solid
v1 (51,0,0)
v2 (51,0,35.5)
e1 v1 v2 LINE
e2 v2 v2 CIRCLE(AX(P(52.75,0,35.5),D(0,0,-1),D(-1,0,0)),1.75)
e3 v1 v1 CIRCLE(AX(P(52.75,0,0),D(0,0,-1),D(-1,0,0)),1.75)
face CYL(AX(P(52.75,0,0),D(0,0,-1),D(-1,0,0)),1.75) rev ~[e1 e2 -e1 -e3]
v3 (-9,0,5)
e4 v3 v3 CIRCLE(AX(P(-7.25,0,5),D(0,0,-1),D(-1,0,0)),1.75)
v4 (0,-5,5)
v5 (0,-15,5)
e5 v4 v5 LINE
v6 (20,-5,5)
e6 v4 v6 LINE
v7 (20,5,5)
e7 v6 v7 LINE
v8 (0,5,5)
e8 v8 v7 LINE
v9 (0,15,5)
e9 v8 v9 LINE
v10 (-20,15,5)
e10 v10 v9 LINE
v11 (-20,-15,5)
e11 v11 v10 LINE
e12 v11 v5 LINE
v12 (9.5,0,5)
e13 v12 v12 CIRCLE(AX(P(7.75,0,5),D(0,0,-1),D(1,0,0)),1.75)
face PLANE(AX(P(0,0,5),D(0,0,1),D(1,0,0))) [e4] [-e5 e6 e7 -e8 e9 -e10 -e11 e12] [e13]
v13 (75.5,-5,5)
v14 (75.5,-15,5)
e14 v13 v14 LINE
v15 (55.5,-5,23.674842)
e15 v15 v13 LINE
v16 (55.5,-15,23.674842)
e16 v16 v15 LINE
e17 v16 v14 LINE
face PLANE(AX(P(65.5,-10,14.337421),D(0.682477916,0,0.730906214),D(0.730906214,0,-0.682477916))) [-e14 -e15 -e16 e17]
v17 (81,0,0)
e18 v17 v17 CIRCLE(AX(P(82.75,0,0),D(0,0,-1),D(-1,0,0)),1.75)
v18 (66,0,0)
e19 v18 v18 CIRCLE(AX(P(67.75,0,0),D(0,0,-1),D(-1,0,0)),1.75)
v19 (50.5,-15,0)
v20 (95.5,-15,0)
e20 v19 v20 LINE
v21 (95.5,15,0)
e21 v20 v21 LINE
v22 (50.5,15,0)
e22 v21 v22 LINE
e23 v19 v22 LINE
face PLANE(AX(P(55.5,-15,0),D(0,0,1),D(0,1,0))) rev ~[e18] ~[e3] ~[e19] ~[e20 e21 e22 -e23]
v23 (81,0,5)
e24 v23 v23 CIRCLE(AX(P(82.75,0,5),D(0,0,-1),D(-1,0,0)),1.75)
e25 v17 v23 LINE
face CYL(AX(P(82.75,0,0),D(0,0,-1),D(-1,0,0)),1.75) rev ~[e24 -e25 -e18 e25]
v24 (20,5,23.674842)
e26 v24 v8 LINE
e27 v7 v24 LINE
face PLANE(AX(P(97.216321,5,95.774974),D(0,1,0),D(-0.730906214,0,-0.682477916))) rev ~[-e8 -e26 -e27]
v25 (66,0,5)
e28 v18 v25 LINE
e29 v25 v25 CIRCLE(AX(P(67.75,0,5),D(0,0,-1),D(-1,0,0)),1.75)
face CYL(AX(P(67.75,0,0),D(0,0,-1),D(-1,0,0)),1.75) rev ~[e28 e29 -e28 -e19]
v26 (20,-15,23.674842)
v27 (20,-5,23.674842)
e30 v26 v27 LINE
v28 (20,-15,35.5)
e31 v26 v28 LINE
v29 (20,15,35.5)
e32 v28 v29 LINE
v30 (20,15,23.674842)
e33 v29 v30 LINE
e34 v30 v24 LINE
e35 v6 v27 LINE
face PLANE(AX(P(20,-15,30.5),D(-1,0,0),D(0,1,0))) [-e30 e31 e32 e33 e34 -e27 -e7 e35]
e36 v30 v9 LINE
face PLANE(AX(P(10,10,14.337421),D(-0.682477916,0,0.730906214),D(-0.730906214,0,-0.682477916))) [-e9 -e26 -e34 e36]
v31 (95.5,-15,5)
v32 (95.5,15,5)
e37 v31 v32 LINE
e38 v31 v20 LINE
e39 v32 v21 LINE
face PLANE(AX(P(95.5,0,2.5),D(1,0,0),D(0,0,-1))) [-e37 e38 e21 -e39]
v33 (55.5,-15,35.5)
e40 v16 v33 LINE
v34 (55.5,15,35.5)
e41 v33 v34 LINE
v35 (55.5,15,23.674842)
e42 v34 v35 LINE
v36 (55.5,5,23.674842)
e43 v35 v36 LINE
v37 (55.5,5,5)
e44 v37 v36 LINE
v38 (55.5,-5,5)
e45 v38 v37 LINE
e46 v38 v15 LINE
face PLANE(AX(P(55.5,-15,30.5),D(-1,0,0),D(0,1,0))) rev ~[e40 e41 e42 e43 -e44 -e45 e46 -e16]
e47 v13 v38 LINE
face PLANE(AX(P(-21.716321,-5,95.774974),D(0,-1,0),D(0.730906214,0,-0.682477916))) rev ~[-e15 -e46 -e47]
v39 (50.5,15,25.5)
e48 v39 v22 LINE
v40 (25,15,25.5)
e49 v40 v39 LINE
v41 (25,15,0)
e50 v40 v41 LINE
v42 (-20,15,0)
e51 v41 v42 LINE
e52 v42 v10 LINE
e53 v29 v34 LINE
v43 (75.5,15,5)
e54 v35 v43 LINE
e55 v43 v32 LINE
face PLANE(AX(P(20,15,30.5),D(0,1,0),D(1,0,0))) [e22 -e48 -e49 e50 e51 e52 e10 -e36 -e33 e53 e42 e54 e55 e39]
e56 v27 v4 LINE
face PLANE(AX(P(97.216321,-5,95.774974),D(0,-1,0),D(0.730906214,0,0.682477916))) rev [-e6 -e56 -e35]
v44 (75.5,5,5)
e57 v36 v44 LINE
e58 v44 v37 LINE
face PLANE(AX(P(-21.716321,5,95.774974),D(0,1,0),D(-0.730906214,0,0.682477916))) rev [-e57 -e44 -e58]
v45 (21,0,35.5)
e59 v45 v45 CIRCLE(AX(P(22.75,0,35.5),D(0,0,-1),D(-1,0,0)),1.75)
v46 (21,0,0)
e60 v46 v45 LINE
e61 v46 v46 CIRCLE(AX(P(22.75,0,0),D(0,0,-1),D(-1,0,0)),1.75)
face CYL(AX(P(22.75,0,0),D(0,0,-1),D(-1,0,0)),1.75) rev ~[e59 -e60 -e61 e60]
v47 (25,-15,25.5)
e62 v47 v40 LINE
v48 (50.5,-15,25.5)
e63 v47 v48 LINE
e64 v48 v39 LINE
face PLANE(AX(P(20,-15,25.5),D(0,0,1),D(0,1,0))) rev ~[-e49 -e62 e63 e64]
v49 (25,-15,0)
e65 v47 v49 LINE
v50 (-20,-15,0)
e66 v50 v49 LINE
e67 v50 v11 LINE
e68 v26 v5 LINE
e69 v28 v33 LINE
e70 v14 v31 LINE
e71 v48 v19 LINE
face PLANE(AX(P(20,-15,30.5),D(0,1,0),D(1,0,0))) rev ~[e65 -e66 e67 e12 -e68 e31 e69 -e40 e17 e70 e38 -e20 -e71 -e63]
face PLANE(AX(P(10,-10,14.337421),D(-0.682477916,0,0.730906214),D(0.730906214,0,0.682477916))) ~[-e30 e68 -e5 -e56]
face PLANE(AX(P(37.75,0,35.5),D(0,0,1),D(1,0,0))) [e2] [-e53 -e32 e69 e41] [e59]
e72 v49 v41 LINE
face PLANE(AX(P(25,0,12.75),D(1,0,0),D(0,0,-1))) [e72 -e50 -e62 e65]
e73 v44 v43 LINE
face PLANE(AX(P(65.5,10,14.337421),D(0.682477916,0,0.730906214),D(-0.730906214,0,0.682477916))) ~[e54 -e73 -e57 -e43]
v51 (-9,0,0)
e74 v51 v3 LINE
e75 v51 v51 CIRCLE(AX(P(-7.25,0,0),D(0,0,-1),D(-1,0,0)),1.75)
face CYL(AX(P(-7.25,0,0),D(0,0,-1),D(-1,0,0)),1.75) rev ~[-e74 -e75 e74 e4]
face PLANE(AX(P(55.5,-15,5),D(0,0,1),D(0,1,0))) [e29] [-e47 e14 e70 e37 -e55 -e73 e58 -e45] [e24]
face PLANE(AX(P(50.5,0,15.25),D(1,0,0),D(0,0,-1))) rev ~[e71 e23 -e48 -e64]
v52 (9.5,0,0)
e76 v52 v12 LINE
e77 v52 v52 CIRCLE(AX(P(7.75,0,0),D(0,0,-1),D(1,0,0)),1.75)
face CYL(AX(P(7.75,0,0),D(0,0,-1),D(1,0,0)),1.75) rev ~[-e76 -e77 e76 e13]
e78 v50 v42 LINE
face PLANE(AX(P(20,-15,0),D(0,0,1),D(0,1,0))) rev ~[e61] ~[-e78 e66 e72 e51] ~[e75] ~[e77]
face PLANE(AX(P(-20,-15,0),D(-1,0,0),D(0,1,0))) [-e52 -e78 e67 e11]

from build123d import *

# Parameters (mm, degrees)
SKETCH_1_W               = 40
SKETCH_1_H               = 30
EXTRUDE_1_DEPTH          = 5
SKETCH_2_W               = 25.5
SKETCH_2_H               = 30
EXTRUDE_2_DEPTH          = 5
SKETCH_3_W               = 5
SKETCH_3_H               = 30
EXTRUDE_3_DEPTH          = 30.5
SKETCH_5_W               = 30.5
SKETCH_5_H               = 30
EXTRUDE_4_DEPTH          = 5
SKETCH_6_W               = 5
SKETCH_6_H               = 30
EXTRUDE_5_DEPTH          = 40
RIB_1_REACH              = 106.645
SKETCH_9_WALL_W          = 238.652565268
SKETCH_9_WALL_H          = 10
MIRROR_2_COPY_1_REACH    = 106.645
MIRROR_2_COPY_1_SKETCH_W = 238.652565268
MIRROR_2_COPY_1_SKETCH_H = 10
SKETCH_10_R              = 1.75
CUT_EXTRUDE_1_DEPTH      = 82
SKETCH_11_R              = 1.75
CUT_EXTRUDE_2_DEPTH      = 40
SKETCH_12_W              = 35.5
SKETCH_12_H              = 30
EXTRUDE_6_DEPTH          = 5
SKETCH_13_R              = 1.75
CUT_EXTRUDE_3_DEPTH      = 66


with BuildPart() as part:
    # 草图1 → 凸台-拉伸1 (new body)
    with BuildSketch(Plane.XY):
        Rectangle(SKETCH_1_W, SKETCH_1_H)
    extrude(amount=EXTRUDE_1_DEPTH)

    # 草图2 → 凸台-拉伸2 (add)
    with BuildSketch(Plane(origin=(20, 0, 0), x_dir=(0, 0, -1), z_dir=(1, 0, 0))):
        with Locations((-12.75, 0)):
            Rectangle(SKETCH_2_W, SKETCH_2_H)
    extrude(amount=EXTRUDE_2_DEPTH)

    # 草图3 → 凸台-拉伸3 (add)
    with BuildSketch(Plane.ZY.offset(-20)):
        with Locations((28, 0)):
            Rectangle(SKETCH_3_W, SKETCH_3_H)
    extrude(amount=-EXTRUDE_3_DEPTH)

    # 草图5 → 凸台-拉伸4 (add)
    with BuildSketch(Plane(origin=(50.5, 0, 0), x_dir=(0, 0, -1), z_dir=(1, 0, 0))):
        with Locations((-15.25, 0)):
            Rectangle(SKETCH_5_W, SKETCH_5_H)
    extrude(amount=EXTRUDE_4_DEPTH)

    # 草图6 → 凸台-拉伸5 (add)
    with BuildSketch(Plane(origin=(55.5, 0, 0), x_dir=(0, 0, -1), z_dir=(1, 0, 0))):
        with Locations((-2.5, 0)):
            Rectangle(SKETCH_6_W, SKETCH_6_H)
    extrude(amount=EXTRUDE_5_DEPTH)

    # 草图9 wall → 筋1 (add, up to next)
    with BuildSketch(Plane(origin=(65.5, -15, 14.337421174), x_dir=(0.730906214245, 0, -0.68247791611), z_dir=(0.68247791611, 0, 0.730906214245)), mode=Mode.PRIVATE) as rib_1_sk1:
        with Locations((0, 5)):
            Rectangle(SKETCH_9_WALL_W, SKETCH_9_WALL_H)
    rib_1_tool1 = extrude(rib_1_sk1.sketch, amount=-RIB_1_REACH, mode=Mode.PRIVATE) - part.part
    rib_1 = rib_1_tool1.solids().sort_by_distance((65.5, -15, 14.337421174))[0]
    add(rib_1)

    # 镜向1: 筋1 across plane
    add(rib_1.mirror(Plane.ZX))

    # 镜向2: 筋1 across plane
    add(rib_1.mirror(Plane(origin=(37.75, 0, 0), x_dir=(0, 0, 1), z_dir=(1, 0, 0))))

    # 镜向2 copy 1 sketch → 镜向2 copy 1 (add, up to next)
    with BuildSketch(Plane(origin=(10, 15, 14.337421174), x_dir=(-0.730906214245, 0, -0.68247791611), z_dir=(-0.68247791611, 0, 0.730906214245)), mode=Mode.PRIVATE) as mirror_2_copy_1_sk1:
        with Locations((0, 5)):
            Rectangle(MIRROR_2_COPY_1_SKETCH_W, MIRROR_2_COPY_1_SKETCH_H)
    mirror_2_copy_1_tool1 = extrude(mirror_2_copy_1_sk1.sketch, amount=-MIRROR_2_COPY_1_REACH, mode=Mode.PRIVATE) - part.part
    add(mirror_2_copy_1_tool1.solids().sort_by_distance((10, 15, 14.337421174))[0])

    # 草图10 → 切除-拉伸1 (cut)
    with BuildSketch(Plane(origin=(0, 0, 0), x_dir=(-1, 0, 0), z_dir=(0, 0, -1))):
        with Locations((-52.75, 0)):
            Circle(SKETCH_10_R)
        with Locations((-22.75, 0)):
            Circle(SKETCH_10_R)
        with Locations((-82.75, 0)):
            Circle(SKETCH_10_R)
        with Locations((7.25, 0)):
            Circle(SKETCH_10_R)
    extrude(amount=-CUT_EXTRUDE_1_DEPTH, mode=Mode.SUBTRACT)

    # 草图11 → 切除-拉伸2 (cut)
    with BuildSketch(Plane(origin=(0, 0, 0), x_dir=(-1, 0, 0), z_dir=(0, 0, -1))):
        with Locations((-67.75, 0)):
            Circle(SKETCH_11_R)
        with Locations(Location((-7.75, 0, 0), (0, 0, 180))):
            Circle(SKETCH_11_R)
    extrude(amount=-CUT_EXTRUDE_2_DEPTH, mode=Mode.SUBTRACT)

    # 草图12 → 凸台-拉伸6 (add)
    with BuildSketch(Plane.XY.offset(30.5)):
        with Locations((37.75, 0)):
            Rectangle(SKETCH_12_W, SKETCH_12_H)
    extrude(amount=EXTRUDE_6_DEPTH)

    # 草图13 → 切除-拉伸3 (cut)
    with BuildSketch(Plane(origin=(0, 0, 0), x_dir=(-1, 0, 0), z_dir=(0, 0, -1))):
        with Locations((-22.75, 0)):
            Circle(SKETCH_13_R)
        with Locations((-52.75, 0)):
            Circle(SKETCH_13_R)
    extrude(amount=-CUT_EXTRUDE_3_DEPTH, mode=Mode.SUBTRACT)


solid = part.part
